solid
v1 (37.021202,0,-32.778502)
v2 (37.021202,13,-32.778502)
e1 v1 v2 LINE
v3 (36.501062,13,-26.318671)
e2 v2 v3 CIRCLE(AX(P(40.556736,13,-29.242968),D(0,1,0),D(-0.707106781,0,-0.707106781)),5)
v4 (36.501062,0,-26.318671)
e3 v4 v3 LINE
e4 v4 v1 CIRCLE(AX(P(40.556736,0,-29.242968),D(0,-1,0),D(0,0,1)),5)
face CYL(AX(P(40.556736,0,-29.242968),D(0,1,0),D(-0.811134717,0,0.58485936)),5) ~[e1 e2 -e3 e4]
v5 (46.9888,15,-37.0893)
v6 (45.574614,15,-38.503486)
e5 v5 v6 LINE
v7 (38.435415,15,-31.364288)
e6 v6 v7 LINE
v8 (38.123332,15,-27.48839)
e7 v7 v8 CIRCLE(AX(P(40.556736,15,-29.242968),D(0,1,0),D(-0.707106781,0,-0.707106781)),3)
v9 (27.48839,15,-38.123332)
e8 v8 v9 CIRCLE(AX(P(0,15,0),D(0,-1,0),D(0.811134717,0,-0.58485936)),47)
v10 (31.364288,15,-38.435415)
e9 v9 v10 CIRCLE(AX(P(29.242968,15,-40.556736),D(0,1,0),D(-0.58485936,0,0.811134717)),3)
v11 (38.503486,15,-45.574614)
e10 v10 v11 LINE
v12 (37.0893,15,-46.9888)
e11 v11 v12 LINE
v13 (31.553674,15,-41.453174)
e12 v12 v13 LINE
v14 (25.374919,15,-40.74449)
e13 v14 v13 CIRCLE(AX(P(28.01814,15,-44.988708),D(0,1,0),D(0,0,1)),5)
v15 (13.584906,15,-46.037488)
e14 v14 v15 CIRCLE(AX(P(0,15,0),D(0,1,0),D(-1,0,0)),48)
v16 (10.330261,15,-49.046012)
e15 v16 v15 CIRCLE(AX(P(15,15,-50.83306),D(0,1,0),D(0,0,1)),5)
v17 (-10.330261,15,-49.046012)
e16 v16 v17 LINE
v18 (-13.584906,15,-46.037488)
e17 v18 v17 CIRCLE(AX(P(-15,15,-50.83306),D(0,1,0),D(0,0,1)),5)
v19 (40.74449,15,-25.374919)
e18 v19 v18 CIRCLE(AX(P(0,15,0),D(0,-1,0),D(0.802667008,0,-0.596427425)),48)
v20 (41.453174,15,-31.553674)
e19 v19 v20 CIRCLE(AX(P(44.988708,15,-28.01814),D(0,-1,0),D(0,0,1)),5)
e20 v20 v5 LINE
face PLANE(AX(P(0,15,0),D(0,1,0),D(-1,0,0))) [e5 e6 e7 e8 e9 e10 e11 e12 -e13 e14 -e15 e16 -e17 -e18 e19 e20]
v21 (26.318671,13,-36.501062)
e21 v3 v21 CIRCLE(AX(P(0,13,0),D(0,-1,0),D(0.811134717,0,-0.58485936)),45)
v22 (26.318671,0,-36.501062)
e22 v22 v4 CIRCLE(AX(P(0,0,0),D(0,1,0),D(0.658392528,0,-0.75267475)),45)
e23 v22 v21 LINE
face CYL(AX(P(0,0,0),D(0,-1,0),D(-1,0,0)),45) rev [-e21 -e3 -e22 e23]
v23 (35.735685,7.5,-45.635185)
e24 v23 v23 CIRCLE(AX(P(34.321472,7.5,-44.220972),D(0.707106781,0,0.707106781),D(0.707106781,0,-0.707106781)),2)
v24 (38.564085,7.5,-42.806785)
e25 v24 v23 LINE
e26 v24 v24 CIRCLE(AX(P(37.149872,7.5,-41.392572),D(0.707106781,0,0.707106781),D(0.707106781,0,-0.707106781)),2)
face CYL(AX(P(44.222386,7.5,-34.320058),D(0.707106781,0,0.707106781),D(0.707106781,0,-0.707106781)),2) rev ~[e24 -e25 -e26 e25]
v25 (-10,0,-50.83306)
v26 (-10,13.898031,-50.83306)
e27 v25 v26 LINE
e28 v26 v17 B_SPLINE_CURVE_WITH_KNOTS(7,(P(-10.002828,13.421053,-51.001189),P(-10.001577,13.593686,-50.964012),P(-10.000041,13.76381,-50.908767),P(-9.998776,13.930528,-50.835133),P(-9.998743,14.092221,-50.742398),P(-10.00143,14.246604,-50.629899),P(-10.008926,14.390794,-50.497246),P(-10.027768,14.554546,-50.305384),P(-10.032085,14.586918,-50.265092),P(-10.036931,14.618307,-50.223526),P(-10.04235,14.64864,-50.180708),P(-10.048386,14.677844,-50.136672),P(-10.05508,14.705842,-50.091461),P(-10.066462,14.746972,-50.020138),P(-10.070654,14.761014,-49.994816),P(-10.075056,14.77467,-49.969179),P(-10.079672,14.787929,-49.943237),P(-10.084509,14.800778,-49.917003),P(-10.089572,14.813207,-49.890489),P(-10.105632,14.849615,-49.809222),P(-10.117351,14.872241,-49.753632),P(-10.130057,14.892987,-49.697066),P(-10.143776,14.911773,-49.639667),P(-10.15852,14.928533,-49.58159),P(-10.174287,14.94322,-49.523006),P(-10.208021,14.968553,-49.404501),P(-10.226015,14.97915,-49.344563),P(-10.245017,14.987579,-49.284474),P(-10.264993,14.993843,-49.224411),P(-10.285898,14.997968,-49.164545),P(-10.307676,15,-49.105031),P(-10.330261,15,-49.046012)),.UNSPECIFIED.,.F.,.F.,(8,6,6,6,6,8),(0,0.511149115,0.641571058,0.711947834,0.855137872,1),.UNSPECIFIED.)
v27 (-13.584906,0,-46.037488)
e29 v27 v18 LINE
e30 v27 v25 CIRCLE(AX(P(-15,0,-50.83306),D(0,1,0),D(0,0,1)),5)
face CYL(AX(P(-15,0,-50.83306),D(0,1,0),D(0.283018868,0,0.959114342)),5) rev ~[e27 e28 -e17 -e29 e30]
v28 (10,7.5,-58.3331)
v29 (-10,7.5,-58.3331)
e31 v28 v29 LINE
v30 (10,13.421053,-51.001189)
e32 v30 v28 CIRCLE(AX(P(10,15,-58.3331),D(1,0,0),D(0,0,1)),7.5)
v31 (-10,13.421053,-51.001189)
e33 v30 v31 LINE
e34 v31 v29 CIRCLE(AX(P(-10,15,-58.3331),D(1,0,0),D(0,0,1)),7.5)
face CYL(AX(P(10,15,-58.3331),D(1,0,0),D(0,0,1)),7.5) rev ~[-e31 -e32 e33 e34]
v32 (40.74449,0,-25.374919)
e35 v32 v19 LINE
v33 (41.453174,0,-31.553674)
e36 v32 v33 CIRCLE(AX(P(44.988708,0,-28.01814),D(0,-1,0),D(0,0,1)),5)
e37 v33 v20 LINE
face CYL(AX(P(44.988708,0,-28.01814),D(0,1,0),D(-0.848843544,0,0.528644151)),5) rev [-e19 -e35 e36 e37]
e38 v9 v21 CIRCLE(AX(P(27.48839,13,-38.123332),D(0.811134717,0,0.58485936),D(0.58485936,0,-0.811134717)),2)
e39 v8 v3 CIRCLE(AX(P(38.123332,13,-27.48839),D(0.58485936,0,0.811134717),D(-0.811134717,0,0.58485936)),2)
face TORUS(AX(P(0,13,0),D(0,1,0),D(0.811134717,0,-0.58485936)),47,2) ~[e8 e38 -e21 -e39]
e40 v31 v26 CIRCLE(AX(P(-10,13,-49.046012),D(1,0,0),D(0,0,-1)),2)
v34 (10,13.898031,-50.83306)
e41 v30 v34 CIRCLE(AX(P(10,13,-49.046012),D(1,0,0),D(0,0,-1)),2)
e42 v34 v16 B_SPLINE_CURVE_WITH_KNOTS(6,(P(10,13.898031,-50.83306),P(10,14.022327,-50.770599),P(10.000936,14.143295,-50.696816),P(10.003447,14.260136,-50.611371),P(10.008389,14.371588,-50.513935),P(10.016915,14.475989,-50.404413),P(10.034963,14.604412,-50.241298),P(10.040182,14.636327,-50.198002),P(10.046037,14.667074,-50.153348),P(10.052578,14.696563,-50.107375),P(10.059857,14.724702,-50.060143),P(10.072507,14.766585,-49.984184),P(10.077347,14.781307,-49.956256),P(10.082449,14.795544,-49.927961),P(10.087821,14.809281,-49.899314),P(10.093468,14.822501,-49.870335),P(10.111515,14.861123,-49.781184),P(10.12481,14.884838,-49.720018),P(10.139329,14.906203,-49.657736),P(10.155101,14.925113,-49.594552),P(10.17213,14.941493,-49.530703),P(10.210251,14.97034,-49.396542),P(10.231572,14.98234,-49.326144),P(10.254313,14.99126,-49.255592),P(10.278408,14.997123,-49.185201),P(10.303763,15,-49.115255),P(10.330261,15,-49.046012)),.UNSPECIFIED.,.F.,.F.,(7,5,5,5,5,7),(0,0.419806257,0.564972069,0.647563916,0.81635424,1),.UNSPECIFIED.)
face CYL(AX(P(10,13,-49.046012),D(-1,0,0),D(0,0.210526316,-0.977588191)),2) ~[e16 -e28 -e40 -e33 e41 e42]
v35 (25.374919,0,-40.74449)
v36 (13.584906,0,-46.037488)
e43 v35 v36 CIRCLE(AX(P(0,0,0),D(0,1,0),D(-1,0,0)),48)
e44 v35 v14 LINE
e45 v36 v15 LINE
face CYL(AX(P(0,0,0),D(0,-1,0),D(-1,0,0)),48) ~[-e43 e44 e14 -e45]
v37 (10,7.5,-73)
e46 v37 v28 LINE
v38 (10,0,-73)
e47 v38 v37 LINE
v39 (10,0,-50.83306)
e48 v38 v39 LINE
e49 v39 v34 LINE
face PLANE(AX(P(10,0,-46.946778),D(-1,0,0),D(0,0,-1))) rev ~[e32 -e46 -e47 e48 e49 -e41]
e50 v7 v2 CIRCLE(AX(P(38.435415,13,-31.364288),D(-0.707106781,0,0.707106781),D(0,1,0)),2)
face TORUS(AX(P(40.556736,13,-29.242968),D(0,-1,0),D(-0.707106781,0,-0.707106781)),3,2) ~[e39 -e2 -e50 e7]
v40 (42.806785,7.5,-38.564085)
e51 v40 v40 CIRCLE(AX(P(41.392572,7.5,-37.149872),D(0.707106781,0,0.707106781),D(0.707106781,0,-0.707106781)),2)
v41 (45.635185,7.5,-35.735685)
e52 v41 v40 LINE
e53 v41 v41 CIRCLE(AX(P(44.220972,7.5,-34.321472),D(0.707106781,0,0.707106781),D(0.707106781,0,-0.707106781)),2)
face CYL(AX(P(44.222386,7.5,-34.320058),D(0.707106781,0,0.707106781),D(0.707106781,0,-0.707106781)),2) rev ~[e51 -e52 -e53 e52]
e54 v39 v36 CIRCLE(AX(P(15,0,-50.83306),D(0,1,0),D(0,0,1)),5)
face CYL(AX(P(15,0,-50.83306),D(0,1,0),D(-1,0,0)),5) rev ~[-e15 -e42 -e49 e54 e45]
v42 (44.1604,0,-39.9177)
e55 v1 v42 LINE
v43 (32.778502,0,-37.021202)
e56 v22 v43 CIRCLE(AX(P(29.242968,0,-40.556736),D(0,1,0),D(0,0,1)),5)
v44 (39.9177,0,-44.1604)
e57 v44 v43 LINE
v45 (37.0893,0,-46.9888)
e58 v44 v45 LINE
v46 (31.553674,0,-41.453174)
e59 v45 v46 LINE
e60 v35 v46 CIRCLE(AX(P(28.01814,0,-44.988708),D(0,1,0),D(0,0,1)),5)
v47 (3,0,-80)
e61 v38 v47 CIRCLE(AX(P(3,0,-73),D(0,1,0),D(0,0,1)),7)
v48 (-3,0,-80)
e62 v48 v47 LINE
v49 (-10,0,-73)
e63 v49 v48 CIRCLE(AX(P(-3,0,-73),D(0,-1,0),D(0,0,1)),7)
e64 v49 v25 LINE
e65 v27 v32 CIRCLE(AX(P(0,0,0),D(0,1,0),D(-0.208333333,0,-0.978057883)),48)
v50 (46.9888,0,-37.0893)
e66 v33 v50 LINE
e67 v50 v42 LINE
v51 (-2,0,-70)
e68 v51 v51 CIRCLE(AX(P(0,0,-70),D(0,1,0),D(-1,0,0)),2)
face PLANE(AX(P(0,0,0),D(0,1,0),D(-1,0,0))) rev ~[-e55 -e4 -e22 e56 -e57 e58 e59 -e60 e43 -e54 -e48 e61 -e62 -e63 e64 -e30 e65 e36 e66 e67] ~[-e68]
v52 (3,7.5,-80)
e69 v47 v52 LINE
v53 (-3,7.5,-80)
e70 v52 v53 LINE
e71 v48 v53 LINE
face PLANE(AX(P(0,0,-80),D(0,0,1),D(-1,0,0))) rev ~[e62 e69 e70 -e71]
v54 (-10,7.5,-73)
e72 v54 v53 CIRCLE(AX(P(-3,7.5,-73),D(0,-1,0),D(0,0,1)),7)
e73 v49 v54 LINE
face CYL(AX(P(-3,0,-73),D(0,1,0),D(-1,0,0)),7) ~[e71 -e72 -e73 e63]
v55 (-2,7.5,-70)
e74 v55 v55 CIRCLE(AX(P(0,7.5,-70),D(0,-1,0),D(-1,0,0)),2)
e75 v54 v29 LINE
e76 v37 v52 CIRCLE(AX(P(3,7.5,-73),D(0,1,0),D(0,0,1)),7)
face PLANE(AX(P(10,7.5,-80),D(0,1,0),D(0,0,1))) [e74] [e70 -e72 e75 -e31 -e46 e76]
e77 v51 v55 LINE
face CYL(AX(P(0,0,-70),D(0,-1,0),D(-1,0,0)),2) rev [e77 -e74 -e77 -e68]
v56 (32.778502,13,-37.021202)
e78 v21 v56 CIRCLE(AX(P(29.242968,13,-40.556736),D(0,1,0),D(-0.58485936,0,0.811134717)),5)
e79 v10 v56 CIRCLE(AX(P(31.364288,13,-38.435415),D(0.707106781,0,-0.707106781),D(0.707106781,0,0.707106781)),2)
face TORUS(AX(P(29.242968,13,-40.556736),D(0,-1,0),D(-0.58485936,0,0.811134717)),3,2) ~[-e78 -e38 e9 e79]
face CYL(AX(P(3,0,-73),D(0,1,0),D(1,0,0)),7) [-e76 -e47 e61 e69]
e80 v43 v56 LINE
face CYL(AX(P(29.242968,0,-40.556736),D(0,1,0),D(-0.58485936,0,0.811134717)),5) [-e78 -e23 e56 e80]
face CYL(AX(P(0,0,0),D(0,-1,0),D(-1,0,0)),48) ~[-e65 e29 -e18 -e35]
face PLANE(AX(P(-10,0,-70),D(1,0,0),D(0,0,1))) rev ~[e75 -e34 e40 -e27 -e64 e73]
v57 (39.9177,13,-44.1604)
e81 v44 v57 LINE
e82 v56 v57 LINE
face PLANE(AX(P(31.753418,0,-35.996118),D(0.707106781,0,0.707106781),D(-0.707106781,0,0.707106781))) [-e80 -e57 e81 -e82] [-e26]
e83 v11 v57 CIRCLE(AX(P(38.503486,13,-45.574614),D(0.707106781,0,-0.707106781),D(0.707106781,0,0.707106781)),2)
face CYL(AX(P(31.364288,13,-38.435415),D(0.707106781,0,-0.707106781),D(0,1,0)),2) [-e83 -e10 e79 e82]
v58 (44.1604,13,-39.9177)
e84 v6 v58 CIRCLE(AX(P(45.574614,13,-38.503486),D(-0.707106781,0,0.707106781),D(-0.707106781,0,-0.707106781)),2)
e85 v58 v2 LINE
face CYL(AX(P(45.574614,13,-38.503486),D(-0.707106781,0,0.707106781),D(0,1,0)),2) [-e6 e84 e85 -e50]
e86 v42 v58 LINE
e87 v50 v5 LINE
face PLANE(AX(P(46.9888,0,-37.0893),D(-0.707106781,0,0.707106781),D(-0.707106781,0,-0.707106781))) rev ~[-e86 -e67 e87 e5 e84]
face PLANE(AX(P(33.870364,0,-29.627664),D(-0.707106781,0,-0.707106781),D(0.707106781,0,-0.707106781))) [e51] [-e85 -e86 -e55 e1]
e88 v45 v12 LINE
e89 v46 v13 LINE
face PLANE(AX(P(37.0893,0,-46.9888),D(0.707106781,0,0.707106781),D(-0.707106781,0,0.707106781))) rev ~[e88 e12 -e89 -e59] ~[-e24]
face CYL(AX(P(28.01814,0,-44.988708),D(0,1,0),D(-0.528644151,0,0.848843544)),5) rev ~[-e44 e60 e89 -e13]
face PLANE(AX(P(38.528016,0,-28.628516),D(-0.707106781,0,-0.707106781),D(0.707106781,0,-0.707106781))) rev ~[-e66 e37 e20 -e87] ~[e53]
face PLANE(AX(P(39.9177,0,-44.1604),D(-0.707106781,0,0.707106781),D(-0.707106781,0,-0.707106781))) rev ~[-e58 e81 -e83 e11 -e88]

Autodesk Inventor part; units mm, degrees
ref_plane "YZ Plane" through (0, 0, 0) normal (1, 0, 0) x (0, 1, 0)
ref_plane "XZ Plane" through (0, 0, 0) normal (0, 1, 0) x (-1, 0, 0)
ref_plane "XY Plane" through (0, 0, 0) normal (0, 0, 1) x (1, 0, 0)
sketch "Sketch1" plane through (0, 0, 0) normal (0, 1, 0) x (-1, 0, 0)
  circle A0 centre (0, 0) radius 48
  circle A1 centre (0, 0) radius 45
  line L0 (10, -45) -> (-10, -45)
  line L1 (-10, -45) -> (-10, -80)
  line L2 (-10, -80) -> (10, -80)
  line L3 (10, -80) -> (10, -45)
  line L4 (-4, 44.8219) -> (4, 44.8219)
  circle A2 centre (0, -70) radius 10
  circle A3 centre (0, -70) radius 2
  line L5 (0, 0) -> (-57.7849, -57.7849)
  line L6 (0, 0) -> (0, -45)
  line L7 (-26.4827, -36.3822) -> (-36.3822, -26.4827)
  line L8 (-36.3822, -26.4827) -> (-46.9888, -37.0893)
  line L9 (-46.9888, -37.0893) -> (-37.0893, -46.9888)
  line L10 (-37.0893, -46.9888) -> (-26.4827, -36.3822)
  line L11 (-29.3111, -33.5538) -> (-33.5538, -29.3111)
  line L12 (-33.5538, -29.3111) -> (-44.1604, -39.9177)
  line L13 (-44.1604, -39.9177) -> (-39.9177, -44.1604)
  line L14 (-39.9177, -44.1604) -> (-29.3111, -33.5538)
  point P0 (0, 45)
  point P1 (4, 60)
  point P2 (-10, -46.9468)
  point P3 (10, -46.9468)
  point P4 (10, -70)
  point P5 (-10, -70)
  point P6 (0, -45)
  point P7 (0, -80)
  point P8 (-28.6285, -38.528)
  point P9 (-38.528, -28.6285)
  point P10 (-29.6277, -33.8703)
  point P11 (-33.8703, -29.6277)
  dimension "d0" = 96
  dimension "d1" = 90
  dimension "d2" = 20
  dimension "d13" = 35
  dimension "d14" = 4
  dimension "d15" = 45
  dimension "d16" = 7
  dimension "d17" = 7
  dimension "d18" = 15
  dimension "d19" = 3
  dimension "d20" = 3
extrude "Extrusion1" add sketch "Sketch1" along normal blind 15 contours A0 L3 L0 A1 L8 | L8 A1 L12 A0 | A0 L12 L9 L8 | L3 A2 L1 A0 | A0 L1 L0 L3 | A0 L10 A1 L0 L1 | A2 | L3 L2 A2 | L10 L9 L14 A0 | A0 L14 A1 L10 | A2 L2 L1
fillet "Fillet1" radius 5 6 edges at (38.528, 7.5, -28.6285) (28.6285, 7.5, -38.528) (10, 7.5, -46.9468) (-10, 7.5, -46.9468) (33.8703, 7.5, -29.6277) (29.6277, 7.5, -33.8703)
sketch "Sketch5" plane through (10, 0, -80) normal (1, 0, 0) x (0, 0, -1)
  line L0 (0, 15) -> (-29.1669, 15) projected
  line L1 (0, 0) -> (0, 15) projected
  line L2 (-29.1669, 15) -> (0, 15)
  line L3 (0, 15) -> (0, 7.5)
  line L4 (0, 7.5) -> (-29.1669, 7.5)
  line L5 (-29.1669, 7.5) -> (-29.1669, 15)
  arc A0 (-29.1669, 15) -> (-21.6669, 7.5) centre (-21.6669, 15) ccw
  line L6 (-29.1669, 0) -> (-29.1669, 15) projected
  point P0 (-80, 0)
extrude "Extrusion3" cut sketch "Sketch5" against normal through all contours L1 L4 A0 L0
fillet "Fillet2" radius 7 2 edges at (10, 3.75, -80) (-10, 3.75, -80)
sketch "Sketch6" plane through (46.9888, 0, -37.0893) normal (0.7071, 0, 0.7071) x (0.7071, 0, -0.7071)
  circle A0 centre (-3.9143, 7.5) radius 2
  line L0 (0, 0) -> (0, 15) projected
  line L1 (-7.8286, 15) -> (0, 15) projected
  point P0 (-59.4522, 0)
  point P1 (0, 7.5)
  point P2 (-3.9143, 15)
  dimension "d25" = 4
extrude "Extrusion4" cut sketch "Sketch6" against normal up to surface (14 mm away)
fillet "Fillet3" radius 2 1 edges at (0, 15, -50.8331)
fillet "Fillet4" radius 2 5 edges at (-31.8198, 15, 31.8198) (29.6443, 15, -35.5728) (36.3481, 15, -40.5908) (35.5728, 15, -29.6443) (40.5908, 15, -36.3481)
properties part number "HopperMount"
